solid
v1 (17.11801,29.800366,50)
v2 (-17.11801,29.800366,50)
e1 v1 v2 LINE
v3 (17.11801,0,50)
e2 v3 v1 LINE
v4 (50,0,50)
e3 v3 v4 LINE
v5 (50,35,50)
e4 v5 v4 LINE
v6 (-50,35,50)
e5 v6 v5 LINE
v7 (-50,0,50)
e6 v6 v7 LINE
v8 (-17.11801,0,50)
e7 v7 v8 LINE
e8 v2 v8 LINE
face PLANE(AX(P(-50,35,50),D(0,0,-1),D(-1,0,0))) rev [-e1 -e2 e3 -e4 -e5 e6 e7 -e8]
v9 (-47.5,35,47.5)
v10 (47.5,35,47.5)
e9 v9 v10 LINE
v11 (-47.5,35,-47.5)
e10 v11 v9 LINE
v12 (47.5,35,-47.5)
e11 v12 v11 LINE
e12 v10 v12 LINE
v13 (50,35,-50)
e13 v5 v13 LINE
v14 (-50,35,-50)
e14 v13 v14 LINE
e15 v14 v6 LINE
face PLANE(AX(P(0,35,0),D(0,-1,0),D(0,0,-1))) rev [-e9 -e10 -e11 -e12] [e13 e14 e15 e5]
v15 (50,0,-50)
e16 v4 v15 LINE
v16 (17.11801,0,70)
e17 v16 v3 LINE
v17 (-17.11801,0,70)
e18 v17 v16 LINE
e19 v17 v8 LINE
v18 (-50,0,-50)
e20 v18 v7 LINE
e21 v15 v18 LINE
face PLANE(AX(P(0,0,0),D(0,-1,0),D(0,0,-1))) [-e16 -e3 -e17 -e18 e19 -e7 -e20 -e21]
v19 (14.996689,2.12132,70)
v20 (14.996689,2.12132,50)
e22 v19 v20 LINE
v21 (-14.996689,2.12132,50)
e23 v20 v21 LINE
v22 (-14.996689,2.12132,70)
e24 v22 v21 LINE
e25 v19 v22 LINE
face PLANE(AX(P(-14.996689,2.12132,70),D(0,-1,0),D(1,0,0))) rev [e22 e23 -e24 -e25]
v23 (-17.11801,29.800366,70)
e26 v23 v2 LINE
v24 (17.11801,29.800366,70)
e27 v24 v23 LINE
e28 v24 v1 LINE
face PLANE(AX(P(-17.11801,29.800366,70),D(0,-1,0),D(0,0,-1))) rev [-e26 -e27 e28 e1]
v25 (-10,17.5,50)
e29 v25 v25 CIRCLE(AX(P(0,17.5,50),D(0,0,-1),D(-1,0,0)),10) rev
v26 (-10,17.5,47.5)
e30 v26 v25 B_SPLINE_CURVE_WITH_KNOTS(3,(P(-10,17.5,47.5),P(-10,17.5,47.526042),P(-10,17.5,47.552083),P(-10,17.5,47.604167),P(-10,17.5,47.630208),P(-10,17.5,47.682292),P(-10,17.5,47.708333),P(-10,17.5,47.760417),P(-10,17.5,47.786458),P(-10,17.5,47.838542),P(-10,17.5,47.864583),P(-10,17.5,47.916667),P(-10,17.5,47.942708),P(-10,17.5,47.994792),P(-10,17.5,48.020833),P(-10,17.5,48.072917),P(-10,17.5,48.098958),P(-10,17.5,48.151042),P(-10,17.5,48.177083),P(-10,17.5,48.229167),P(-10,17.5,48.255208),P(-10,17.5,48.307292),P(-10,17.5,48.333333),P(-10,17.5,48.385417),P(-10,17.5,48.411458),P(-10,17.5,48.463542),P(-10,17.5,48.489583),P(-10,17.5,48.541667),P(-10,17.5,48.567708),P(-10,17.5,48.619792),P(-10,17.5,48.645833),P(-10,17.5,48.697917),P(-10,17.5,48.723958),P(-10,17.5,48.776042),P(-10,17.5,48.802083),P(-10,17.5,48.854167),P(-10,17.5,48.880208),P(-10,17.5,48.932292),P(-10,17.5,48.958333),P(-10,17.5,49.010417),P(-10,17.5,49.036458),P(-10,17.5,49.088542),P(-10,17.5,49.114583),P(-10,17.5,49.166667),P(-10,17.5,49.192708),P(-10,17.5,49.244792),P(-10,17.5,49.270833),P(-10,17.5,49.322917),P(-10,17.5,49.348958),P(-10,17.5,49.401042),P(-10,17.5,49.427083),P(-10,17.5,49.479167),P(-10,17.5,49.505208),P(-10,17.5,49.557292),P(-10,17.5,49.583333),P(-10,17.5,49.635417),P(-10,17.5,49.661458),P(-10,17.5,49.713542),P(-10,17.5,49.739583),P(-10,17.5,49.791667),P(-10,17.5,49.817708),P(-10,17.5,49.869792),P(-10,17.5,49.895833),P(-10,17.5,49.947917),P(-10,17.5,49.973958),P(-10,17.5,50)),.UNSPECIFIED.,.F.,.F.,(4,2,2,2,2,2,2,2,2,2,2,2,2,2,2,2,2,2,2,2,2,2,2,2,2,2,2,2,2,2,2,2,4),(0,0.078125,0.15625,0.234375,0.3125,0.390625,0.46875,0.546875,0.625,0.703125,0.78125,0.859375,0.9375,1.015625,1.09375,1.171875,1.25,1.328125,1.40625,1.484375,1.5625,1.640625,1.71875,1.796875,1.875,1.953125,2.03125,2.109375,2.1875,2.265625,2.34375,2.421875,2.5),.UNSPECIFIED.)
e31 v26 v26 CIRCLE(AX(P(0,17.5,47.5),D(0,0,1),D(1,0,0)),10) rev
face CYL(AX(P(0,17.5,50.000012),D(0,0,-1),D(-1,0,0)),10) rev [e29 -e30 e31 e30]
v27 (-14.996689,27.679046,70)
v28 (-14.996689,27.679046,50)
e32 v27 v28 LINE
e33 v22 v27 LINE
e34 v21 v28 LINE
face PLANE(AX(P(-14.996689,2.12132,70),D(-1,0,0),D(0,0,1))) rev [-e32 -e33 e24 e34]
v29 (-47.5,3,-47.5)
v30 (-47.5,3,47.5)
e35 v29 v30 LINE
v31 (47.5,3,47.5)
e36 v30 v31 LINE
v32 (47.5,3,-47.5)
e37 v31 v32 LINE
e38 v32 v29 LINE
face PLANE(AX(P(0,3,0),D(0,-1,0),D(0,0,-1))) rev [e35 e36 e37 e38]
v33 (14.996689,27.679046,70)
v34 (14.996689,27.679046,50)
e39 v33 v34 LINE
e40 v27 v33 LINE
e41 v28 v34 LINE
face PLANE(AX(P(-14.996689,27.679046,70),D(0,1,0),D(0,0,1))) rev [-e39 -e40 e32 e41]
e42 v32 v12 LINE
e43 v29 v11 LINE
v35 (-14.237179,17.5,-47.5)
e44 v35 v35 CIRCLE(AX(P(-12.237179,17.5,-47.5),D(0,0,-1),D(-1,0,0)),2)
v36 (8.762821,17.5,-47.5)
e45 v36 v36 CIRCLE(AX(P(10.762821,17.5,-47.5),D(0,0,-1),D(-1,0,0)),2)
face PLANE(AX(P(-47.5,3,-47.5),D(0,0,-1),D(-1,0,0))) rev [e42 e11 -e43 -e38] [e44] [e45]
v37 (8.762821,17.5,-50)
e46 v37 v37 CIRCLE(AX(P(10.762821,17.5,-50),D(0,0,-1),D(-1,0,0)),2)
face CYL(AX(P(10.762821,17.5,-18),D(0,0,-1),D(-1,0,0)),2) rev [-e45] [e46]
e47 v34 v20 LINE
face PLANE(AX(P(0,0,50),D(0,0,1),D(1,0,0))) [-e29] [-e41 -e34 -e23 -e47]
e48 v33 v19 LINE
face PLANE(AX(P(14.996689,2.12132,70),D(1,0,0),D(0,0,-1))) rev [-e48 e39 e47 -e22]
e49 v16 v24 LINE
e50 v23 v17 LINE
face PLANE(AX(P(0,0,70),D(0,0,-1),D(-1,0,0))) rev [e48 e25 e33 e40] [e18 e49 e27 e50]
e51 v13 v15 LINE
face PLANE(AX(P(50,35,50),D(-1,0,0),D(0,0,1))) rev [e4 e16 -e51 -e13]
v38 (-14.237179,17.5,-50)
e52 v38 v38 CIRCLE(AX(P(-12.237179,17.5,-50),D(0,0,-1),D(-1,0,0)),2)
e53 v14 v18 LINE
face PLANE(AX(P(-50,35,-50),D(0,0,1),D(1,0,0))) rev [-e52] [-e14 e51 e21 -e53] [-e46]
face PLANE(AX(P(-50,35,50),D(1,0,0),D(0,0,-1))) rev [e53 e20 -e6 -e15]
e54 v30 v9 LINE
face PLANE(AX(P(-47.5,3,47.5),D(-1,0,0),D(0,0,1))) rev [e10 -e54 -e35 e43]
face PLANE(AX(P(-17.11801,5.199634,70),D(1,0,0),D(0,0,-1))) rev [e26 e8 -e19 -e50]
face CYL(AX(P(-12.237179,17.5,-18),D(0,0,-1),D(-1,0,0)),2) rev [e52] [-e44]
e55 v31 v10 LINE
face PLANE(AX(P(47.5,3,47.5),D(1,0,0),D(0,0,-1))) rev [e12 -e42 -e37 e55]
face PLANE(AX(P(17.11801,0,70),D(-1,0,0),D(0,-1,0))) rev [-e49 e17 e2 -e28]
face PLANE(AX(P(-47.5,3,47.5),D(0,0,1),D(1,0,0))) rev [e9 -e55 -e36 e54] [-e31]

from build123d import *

# Parameters (mm, degrees)
SKETCH_1_W               = 100
SKETCH_1_H               = 100
EXTRUDE_1_DEPTH          = 35
SKETCH_2_W               = 95
SKETCH_2_H               = 95
CUT_EXTRUDE_1_DEPTH      = 32
CUT_EXTRUDE_2_DEPTH      = 118.153745139
CUT_EXTRUDE_2_DEPTH_BACK = 32
SKETCH_3_R               = 10
SKETCH_4_R               = 2
CUT_EXTRUDE_3_DEPTH      = 32
EXTRUDE_2_DEPTH          = 20
SKETCH_6_W               = 29.993378998
SKETCH_6_H               = 25.557725667
CUT_EXTRUDE_4_DEPTH      = 118.153745139


with BuildPart() as part:
    # Эскиз1 → Бобышка-Вытянуть1 (new body)
    with BuildSketch(Plane(origin=(0, 0, 0), x_dir=(1, 0, 0), z_dir=(0, 1, 0))):
        Rectangle(SKETCH_1_W, SKETCH_1_H)
    extrude(amount=EXTRUDE_1_DEPTH)

    # Эскиз2 → Вырез-Вытянуть1 (cut)
    with BuildSketch(Plane(origin=(0, 35, 0), x_dir=(1, 0, 0), z_dir=(0, 1, 0))):
        Rectangle(SKETCH_2_W, SKETCH_2_H)
    extrude(amount=-CUT_EXTRUDE_1_DEPTH, mode=Mode.SUBTRACT)

    # Эскиз3 → Вырез-Вытянуть2 (cut, two sides: drawn at the far end of the back side and taken through both)
    with BuildSketch(Plane.XY.offset(50).offset(-CUT_EXTRUDE_2_DEPTH_BACK)):
        with Locations(Location((0, 17.5, 0), (0, 0, 180))):
            Circle(SKETCH_3_R)
    extrude(amount=CUT_EXTRUDE_2_DEPTH + CUT_EXTRUDE_2_DEPTH_BACK, mode=Mode.SUBTRACT)

    # Эскиз4 → Вырез-Вытянуть3 (cut)
    with BuildSketch(Plane(origin=(0, 0, -50), x_dir=(-1, 0, 0), z_dir=(0, 0, -1))):
        with Locations((-10.76282056, 17.5)):
            Circle(SKETCH_4_R)
        with Locations((12.23717944, 17.5)):
            Circle(SKETCH_4_R)
    extrude(amount=-CUT_EXTRUDE_3_DEPTH, mode=Mode.SUBTRACT)

    # Эскиз5 → Бобышка-Вытянуть2 (add)
    with BuildSketch(Plane.XY.offset(50)):
        Polygon((-17.118009843, 5.199633646), (-17.118009843, 0), (17.118009843, 0), (17.118009843, 5.199633646), (17.118009843, 29.800366354), (-17.118009843, 29.800366354), align=None)
    extrude(amount=EXTRUDE_2_DEPTH)

    # Эскиз6 → Вырез-Вытянуть4 (cut, through all)
    with BuildSketch(Plane(origin=(0, 0, 50), x_dir=(-1, 0, 0), z_dir=(0, 0, -1))):
        with Locations((0, 14.900183178)):
            Rectangle(SKETCH_6_W, SKETCH_6_H)
    extrude(amount=-CUT_EXTRUDE_4_DEPTH, mode=Mode.SUBTRACT)


solid = part.part
